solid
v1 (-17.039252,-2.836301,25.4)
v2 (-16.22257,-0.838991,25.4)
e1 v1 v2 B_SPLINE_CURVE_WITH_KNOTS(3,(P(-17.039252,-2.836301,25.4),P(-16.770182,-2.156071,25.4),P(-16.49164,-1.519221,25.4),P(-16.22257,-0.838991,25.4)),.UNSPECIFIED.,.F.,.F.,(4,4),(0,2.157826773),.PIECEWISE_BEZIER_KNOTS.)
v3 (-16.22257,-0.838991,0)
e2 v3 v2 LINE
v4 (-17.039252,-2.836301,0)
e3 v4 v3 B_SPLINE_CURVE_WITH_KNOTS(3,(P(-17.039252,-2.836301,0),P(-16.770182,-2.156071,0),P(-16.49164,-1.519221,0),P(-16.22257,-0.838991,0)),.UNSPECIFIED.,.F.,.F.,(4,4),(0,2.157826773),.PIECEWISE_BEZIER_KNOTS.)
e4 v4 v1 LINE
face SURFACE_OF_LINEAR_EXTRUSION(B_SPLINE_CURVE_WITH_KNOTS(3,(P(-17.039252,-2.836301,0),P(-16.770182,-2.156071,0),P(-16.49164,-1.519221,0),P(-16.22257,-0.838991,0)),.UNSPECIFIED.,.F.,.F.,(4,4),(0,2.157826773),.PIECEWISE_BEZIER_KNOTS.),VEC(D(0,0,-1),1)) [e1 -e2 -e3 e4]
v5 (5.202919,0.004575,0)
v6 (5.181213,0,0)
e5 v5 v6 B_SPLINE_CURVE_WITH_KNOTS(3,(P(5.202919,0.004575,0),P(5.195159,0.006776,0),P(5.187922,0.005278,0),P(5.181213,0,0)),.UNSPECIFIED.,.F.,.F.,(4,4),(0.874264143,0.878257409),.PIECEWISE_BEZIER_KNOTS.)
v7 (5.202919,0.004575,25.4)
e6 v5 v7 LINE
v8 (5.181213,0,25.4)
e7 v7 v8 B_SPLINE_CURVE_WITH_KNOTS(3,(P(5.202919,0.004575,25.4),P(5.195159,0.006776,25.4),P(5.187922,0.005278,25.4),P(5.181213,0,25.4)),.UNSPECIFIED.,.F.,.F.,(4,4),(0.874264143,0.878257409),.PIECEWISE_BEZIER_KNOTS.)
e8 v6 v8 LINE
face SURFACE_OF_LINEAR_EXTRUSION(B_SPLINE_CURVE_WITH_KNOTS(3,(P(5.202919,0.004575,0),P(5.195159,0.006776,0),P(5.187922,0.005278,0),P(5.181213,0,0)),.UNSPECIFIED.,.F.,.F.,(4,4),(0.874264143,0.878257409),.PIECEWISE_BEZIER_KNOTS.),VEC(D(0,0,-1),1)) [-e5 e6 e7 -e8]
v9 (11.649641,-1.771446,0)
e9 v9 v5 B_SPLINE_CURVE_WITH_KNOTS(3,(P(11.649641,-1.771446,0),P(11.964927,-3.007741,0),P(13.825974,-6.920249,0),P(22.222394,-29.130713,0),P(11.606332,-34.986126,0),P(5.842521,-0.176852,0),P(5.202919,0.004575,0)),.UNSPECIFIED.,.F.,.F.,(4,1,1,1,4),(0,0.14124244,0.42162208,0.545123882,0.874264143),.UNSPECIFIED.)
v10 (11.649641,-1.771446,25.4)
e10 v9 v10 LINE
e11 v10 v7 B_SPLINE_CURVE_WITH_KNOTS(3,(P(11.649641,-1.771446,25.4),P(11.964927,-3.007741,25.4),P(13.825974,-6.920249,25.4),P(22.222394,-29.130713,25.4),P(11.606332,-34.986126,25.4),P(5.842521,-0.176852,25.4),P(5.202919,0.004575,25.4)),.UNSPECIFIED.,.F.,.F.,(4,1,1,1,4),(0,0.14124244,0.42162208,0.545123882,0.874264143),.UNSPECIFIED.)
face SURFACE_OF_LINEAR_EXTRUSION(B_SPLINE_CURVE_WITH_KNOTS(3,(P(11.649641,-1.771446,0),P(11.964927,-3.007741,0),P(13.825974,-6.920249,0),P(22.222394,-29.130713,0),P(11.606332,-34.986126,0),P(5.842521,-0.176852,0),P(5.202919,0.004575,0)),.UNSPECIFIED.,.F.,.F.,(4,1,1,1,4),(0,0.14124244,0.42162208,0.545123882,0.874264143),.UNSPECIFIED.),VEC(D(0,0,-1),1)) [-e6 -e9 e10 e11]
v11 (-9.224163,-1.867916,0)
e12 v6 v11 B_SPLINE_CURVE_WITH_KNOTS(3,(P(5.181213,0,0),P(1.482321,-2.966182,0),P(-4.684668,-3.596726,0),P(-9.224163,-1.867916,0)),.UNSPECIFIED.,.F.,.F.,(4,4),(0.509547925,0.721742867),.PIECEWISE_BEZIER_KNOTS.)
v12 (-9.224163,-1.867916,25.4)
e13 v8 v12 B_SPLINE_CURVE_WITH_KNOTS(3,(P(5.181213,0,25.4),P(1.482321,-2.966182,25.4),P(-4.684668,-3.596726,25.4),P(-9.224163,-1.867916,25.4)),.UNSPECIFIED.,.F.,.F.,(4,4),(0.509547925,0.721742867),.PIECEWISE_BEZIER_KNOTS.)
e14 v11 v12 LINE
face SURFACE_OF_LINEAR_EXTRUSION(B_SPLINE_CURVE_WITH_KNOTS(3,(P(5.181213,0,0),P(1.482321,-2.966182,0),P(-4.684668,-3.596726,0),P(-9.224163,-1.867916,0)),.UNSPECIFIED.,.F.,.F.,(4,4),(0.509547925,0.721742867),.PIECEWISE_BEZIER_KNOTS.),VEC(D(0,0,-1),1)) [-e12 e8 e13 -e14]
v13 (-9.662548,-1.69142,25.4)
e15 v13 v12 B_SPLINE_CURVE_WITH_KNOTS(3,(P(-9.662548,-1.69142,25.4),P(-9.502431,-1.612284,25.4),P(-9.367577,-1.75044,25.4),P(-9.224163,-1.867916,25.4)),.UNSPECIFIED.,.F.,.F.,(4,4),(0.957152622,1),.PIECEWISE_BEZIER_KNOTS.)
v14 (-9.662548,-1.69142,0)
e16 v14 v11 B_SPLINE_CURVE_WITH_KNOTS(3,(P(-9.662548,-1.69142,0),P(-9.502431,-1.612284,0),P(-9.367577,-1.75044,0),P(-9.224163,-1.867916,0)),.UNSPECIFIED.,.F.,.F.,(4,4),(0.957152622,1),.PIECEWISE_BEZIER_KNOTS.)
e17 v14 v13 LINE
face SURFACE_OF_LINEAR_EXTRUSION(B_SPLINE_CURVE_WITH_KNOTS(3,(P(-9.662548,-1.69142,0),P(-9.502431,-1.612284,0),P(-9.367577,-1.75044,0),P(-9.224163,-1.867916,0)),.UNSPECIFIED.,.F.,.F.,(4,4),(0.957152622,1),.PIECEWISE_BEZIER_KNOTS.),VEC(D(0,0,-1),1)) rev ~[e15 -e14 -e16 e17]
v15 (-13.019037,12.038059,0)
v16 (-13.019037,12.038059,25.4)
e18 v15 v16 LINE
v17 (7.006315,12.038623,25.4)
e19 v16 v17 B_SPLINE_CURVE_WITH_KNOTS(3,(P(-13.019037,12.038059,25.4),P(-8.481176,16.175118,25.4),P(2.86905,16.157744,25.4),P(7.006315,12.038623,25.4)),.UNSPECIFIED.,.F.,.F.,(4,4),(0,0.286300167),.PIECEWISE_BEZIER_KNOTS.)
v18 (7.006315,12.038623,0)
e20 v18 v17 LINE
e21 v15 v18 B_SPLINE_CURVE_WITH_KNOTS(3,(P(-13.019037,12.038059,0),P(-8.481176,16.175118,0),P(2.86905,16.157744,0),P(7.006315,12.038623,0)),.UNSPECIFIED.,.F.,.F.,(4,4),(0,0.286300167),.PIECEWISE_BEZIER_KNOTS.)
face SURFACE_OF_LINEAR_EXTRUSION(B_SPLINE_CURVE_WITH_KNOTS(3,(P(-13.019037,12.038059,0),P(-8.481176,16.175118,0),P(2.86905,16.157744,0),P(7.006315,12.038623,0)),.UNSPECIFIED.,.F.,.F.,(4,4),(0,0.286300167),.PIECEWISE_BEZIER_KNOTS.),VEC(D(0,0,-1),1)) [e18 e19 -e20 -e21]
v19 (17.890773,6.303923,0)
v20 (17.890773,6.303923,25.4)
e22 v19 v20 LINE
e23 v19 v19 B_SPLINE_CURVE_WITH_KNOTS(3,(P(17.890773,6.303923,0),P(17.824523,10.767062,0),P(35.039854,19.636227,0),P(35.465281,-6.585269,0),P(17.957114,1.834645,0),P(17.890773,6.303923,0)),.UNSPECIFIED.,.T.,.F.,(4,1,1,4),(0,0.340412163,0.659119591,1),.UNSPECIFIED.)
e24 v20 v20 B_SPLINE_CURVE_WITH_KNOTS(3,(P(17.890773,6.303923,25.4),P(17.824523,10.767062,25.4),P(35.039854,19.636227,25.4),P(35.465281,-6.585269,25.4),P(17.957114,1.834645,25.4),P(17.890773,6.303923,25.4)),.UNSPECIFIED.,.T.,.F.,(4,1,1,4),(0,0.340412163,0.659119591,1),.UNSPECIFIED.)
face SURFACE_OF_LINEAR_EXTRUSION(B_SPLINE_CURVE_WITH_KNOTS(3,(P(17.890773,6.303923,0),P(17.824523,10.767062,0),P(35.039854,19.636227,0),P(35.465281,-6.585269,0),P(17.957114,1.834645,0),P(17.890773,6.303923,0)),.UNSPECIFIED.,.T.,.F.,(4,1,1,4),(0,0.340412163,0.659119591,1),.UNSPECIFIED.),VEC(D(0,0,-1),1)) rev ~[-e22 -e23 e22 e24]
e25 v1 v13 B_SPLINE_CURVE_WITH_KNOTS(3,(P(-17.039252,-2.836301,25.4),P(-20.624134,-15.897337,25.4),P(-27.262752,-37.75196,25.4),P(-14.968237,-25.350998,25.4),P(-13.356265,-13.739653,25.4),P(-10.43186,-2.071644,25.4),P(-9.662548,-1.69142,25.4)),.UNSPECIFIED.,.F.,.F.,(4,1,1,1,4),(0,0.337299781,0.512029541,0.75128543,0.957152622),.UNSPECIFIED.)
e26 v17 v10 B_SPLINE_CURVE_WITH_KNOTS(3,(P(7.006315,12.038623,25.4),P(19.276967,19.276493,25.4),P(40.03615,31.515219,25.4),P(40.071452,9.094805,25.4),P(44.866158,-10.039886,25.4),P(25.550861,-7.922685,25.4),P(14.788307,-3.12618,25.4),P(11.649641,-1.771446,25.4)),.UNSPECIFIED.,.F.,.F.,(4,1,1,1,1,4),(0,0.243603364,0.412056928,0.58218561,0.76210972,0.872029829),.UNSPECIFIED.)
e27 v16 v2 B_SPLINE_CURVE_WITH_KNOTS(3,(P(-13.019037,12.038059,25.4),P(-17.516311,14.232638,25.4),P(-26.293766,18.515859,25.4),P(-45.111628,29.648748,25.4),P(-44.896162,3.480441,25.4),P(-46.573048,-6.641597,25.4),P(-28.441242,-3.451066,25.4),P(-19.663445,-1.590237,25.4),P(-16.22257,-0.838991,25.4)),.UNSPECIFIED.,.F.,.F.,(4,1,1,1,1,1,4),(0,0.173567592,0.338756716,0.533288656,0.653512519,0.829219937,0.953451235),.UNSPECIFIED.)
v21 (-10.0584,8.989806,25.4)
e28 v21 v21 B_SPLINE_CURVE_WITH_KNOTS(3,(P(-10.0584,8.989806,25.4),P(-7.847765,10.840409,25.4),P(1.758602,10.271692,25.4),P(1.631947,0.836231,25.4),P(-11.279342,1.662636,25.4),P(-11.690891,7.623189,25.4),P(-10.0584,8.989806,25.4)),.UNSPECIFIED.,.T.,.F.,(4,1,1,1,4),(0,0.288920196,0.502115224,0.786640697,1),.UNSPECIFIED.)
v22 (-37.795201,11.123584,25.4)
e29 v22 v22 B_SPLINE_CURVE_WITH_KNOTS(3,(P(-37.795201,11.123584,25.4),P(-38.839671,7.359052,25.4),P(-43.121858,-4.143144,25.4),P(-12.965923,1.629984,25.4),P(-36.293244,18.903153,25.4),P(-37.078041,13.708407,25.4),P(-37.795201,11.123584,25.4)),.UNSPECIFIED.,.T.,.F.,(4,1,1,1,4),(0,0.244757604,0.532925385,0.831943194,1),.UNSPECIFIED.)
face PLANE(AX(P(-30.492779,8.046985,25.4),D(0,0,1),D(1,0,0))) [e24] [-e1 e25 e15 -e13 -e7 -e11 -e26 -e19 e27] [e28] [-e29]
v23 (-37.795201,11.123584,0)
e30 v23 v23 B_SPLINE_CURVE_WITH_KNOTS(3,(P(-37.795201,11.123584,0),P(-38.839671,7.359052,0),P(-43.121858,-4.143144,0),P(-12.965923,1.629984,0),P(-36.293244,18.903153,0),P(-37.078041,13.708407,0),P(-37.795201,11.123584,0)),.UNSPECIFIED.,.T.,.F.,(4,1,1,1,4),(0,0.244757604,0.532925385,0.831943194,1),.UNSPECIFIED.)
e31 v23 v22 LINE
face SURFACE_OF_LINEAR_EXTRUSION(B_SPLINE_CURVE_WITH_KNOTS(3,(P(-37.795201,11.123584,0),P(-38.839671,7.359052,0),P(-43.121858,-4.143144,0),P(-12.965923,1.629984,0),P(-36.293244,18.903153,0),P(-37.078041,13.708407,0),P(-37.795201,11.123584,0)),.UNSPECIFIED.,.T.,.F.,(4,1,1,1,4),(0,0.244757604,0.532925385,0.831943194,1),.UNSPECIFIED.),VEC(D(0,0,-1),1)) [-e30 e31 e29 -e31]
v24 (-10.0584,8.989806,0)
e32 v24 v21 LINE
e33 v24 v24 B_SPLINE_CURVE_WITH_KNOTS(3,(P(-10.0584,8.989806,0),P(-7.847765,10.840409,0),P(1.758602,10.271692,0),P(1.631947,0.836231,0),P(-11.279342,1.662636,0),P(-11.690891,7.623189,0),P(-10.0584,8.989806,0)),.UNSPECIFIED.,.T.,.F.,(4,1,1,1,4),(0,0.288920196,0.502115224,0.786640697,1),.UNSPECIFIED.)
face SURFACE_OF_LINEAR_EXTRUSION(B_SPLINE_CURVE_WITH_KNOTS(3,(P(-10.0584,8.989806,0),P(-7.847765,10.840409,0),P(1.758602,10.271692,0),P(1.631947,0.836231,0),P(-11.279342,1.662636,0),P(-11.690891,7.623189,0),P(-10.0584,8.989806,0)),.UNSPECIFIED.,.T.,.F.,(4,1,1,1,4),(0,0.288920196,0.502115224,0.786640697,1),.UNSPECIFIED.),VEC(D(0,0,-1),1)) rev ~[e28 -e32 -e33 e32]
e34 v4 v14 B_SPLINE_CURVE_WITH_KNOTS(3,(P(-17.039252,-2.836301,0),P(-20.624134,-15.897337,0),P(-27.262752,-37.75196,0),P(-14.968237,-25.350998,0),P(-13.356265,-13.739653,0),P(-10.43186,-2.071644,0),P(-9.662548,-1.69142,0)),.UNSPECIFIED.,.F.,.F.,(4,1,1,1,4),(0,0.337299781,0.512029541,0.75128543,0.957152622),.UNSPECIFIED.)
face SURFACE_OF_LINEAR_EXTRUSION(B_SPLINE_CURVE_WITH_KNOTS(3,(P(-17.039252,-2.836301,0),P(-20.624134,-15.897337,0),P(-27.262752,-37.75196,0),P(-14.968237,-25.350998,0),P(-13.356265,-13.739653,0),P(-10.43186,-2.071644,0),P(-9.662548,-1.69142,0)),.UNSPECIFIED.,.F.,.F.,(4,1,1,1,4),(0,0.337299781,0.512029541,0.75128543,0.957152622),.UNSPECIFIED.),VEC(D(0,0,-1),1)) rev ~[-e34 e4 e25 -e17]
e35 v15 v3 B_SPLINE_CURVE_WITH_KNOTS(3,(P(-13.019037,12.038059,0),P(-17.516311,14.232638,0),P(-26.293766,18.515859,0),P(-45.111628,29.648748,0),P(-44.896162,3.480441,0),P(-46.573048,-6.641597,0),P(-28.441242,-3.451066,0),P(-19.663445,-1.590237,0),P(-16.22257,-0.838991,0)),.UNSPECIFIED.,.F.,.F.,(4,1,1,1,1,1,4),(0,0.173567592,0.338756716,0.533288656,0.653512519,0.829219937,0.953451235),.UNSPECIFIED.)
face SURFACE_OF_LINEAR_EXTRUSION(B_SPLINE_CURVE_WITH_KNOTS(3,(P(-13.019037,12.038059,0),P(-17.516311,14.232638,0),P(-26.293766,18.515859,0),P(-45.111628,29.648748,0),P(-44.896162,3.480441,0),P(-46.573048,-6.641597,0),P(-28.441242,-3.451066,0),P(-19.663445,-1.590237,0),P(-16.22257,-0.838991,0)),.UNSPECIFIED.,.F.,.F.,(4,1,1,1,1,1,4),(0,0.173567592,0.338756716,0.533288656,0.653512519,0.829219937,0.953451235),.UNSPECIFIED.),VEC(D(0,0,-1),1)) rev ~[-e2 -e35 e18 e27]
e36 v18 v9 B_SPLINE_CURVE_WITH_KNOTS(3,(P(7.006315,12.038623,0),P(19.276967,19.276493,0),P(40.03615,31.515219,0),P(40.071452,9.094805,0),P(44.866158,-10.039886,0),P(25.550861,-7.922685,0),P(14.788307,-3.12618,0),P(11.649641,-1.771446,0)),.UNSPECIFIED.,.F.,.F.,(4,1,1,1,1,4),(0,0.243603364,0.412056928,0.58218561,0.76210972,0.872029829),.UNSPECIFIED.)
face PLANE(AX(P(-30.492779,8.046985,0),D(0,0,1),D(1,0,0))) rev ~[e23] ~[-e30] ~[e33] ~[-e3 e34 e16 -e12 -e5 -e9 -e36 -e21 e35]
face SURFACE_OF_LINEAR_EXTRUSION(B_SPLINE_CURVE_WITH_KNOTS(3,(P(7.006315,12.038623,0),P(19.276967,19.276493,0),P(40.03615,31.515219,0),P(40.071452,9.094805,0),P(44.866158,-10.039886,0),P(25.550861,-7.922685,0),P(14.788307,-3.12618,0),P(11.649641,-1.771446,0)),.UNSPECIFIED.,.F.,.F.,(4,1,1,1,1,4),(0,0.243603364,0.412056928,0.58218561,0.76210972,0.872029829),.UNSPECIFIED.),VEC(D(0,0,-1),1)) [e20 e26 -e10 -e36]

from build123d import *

# Parameters (mm, degrees)
F1_DEPTH = 25.4


with BuildPart() as f1:
    # F0 (on Top) → F1 (new body)
    with BuildSketch(Plane.XY):
        with BuildLine():
            add(Edge.make_bspline(
                [(-12.4094365429, 0), (-15.9598082172, 3.1181530554), (-16.5396419769, 8.82840617), (-13.0190365281, 12.0380586013)],
                knots=[0.7778799237, 0.7778799237, 0.7778799237, 0.7778799237, 1, 1, 1, 1], degree=3))
            add(Edge.make_bspline(
                [(-13.0190365281, 12.0380586013), (-17.5163105966, 14.2326375354), (-26.2937660011, 18.5158585338), (-45.1116276086, 29.6487484257), (-44.8961620764, 3.4804410619), (-46.5730483026, -6.641597382), (-28.4412416329, -3.4510656785), (-19.663444531, -1.5902374571), (-16.2225697197, -0.8389911409)],
                knots=[0, 0, 0, 0, 0.1735675915, 0.3387567159, 0.5332886561, 0.6535125192, 0.8292199374, 0.9534512348, 0.9534512348, 0.9534512348, 0.9534512348], degree=3))
            add(Edge.make_bspline(
                [(-16.2225697197, -0.8389911409), (-14.9332933692, -0.5575033908), (-13.6713649561, -0.2787516954), (-12.4094365429, 0)],
                knots=[0.9534512348, 0.9534512348, 0.9534512348, 0.9534512348, 1, 1, 1, 1], degree=3))
        make_face()
        with BuildLine():
            add(Edge.make_bspline(
                [(-37.7952009439, 11.1235836521), (-38.8396708455, 7.3590519144), (-43.1218577014, -4.1431442887), (-12.9659231769, 1.6299835609), (-36.2932435418, 18.9031530947), (-37.0780413019, 13.7084070437), (-37.7952009439, 11.1235836521)],
                knots=[0, 0, 0, 0, 0.2447576035, 0.5329253854, 0.8319431943, 1, 1, 1, 1], degree=3))
        make_face(mode=Mode.SUBTRACT)
        with BuildLine():
            add(Edge.make_bspline(
                [(-9.6625482294, -1.6914200375), (-10.6899773389, -1.2547135361), (-11.6226482059, -0.691005529), (-12.4094365429, 0)],
                knots=[0.7286564898, 0.7286564898, 0.7286564898, 0.7286564898, 0.7778799237, 0.7778799237, 0.7778799237, 0.7778799237], degree=3))
            add(Edge.make_bspline(
                [(-16.2225697197, -0.8389911409), (-14.9332933692, -0.5575033908), (-13.6713649561, -0.2787516954), (-12.4094365429, 0)],
                knots=[0.9534512348, 0.9534512348, 0.9534512348, 0.9534512348, 1, 1, 1, 1], degree=3))
            add(Edge.make_bspline(
                [(-17.0392524451, -2.8363007586), (-16.7701819254, -2.1560708718), (-16.4916402394, -1.5192210277), (-16.2225697197, -0.8389911409)],
                knots=[0, 0, 0, 0, 2.1578267732, 2.1578267732, 2.1578267732, 2.1578267732], degree=3))
            add(Edge.make_bspline(
                [(-17.0392524451, -2.8363007586), (-20.6241342631, -15.8973368652), (-27.2627518892, -37.7519596084), (-14.9682374542, -25.3509978614), (-13.3562654505, -13.7396534795), (-10.4318598563, -2.071644358), (-9.6625482294, -1.6914200375)],
                knots=[0, 0, 0, 0, 0.3372997812, 0.5120295412, 0.75128543, 0.957152622, 0.957152622, 0.957152622, 0.957152622], degree=3))
        make_face()
        with BuildLine():
            add(Edge.make_bspline(
                [(7.0063152822, 12.0386227271), (19.2769673547, 19.2764928544), (40.0361500598, 31.5152192821), (40.0714523577, 9.0948051628), (44.8661578295, -10.0398863942), (25.5508614029, -7.9226847228), (14.7883073543, -3.1261801842), (11.649640579, -1.7714464463)],
                knots=[0, 0, 0, 0, 0.2436033636, 0.4120569281, 0.5821856101, 0.7621097204, 0.8720298292, 0.8720298292, 0.8720298292, 0.8720298292], degree=3))
            add(Edge.make_bspline(
                [(7.0063152822, 12.0386227271), (10.2324229489, 8.8266633837), (9.0727732272, 3.1206848934), (5.1812132869, 0)],
                knots=[0.2863001665, 0.2863001665, 0.2863001665, 0.2863001665, 0.5095479254, 0.5095479254, 0.5095479254, 0.5095479254], degree=3))
            add(Edge.make_bspline(
                [(5.2029190985, 0.0045748901), (5.1951591874, 0.0067760408), (5.1879220519, 0.0052781314), (5.1812132869, 0)],
                knots=[0.8742641427, 0.8742641427, 0.8742641427, 0.8742641427, 0.8782574085, 0.8782574085, 0.8782574085, 0.8782574085], degree=3))
            add(Edge.make_bspline(
                [(11.649640579, -1.7714464463), (9.6601923088, -0.9127465956), (6.7223929565, 0.3132954865), (5.672224795, 0.103439521), (5.2029190985, 0.0045748901)],
                knots=[0.8720298292, 0.8720298292, 0.8720298292, 0.8720298292, 0.941702842, 0.9991147898, 0.9991147898, 0.9991147898, 0.9991147898], degree=3))
        make_face()
        with BuildLine():
            add(Edge.make_bspline(
                [(17.8907729008, 6.3039227401), (17.8245231207, 10.7670616074), (35.0398536877, 19.6362268777), (35.4652810513, -6.5852690546), (17.9571138092, 1.8346447087), (17.8907729008, 6.3039227401)],
                knots=[0, 0, 0, 0, 0.3404121629, 0.6591195912, 1, 1, 1, 1], degree=3))
        make_face(mode=Mode.SUBTRACT)
        with BuildLine():
            add(Edge.make_bspline(
                [(-13.0190365281, 12.0380586013), (-8.4811760022, 16.1751183433), (2.8690501807, 16.1577435599), (7.0063152822, 12.0386227271)],
                knots=[0, 0, 0, 0, 0.2863001665, 0.2863001665, 0.2863001665, 0.2863001665], degree=3))
            add(Edge.make_bspline(
                [(-12.4094365429, 0), (-15.9598082172, 3.1181530554), (-16.5396419769, 8.82840617), (-13.0190365281, 12.0380586013)],
                knots=[0.7778799237, 0.7778799237, 0.7778799237, 0.7778799237, 1, 1, 1, 1], degree=3))
            add(Edge.make_bspline(
                [(-9.6625482294, -1.6914200375), (-10.6899773389, -1.2547135361), (-11.6226482059, -0.691005529), (-12.4094365429, 0)],
                knots=[0.7286564898, 0.7286564898, 0.7286564898, 0.7286564898, 0.7778799237, 0.7778799237, 0.7778799237, 0.7778799237], degree=3))
            add(Edge.make_bspline(
                [(-9.6625482294, -1.6914200375), (-9.5024305063, -1.6122835077), (-9.3675766686, -1.7504404023), (-9.2241626855, -1.8679160425)],
                knots=[0.957152622, 0.957152622, 0.957152622, 0.957152622, 1, 1, 1, 1], degree=3))
            add(Edge.make_bspline(
                [(5.1812132869, 0), (1.4823213503, -2.9661822934), (-4.6846677984, -3.5967256351), (-9.2241626855, -1.8679160425)],
                knots=[0.5095479254, 0.5095479254, 0.5095479254, 0.5095479254, 0.7217428673, 0.7217428673, 0.7217428673, 0.7217428673], degree=3))
            add(Edge.make_bspline(
                [(7.0063152822, 12.0386227271), (10.2324229489, 8.8266633837), (9.0727732272, 3.1206848934), (5.1812132869, 0)],
                knots=[0.2863001665, 0.2863001665, 0.2863001665, 0.2863001665, 0.5095479254, 0.5095479254, 0.5095479254, 0.5095479254], degree=3))
        make_face()
        with BuildLine():
            add(Edge.make_bspline(
                [(-10.0584002212, 8.989806287), (-7.847764741, 10.8404094512), (1.7586020364, 10.2716915757), (1.6319467713, 0.836231388), (-11.2793415163, 1.6626358512), (-11.6908913083, 7.6231887698), (-10.0584002212, 8.989806287)],
                knots=[0, 0, 0, 0, 0.2889201962, 0.5021152236, 0.786640697, 1, 1, 1, 1], degree=3))
        make_face(mode=Mode.SUBTRACT)
        with BuildLine():
            add(Edge.make_bspline(
                [(11.649640579, -1.7714464463), (11.9649268271, -3.0077407583), (13.825974453, -6.9202487359), (22.2223937623, -29.1307134623), (11.6063315296, -34.9861262136), (5.8425206762, -0.1768523743), (5.2029190985, 0.0045748901)],
                knots=[0, 0, 0, 0, 0.1412424399, 0.4216220797, 0.5451238822, 0.8742641427, 0.8742641427, 0.8742641427, 0.8742641427], degree=3))
            add(Edge.make_bspline(
                [(11.649640579, -1.7714464463), (9.6601923088, -0.9127465956), (6.7223929565, 0.3132954865), (5.672224795, 0.103439521), (5.2029190985, 0.0045748901)],
                knots=[0.8720298292, 0.8720298292, 0.8720298292, 0.8720298292, 0.941702842, 0.9991147898, 0.9991147898, 0.9991147898, 0.9991147898], degree=3))
        make_face()
    extrude(amount=F1_DEPTH)


solid = f1.part
